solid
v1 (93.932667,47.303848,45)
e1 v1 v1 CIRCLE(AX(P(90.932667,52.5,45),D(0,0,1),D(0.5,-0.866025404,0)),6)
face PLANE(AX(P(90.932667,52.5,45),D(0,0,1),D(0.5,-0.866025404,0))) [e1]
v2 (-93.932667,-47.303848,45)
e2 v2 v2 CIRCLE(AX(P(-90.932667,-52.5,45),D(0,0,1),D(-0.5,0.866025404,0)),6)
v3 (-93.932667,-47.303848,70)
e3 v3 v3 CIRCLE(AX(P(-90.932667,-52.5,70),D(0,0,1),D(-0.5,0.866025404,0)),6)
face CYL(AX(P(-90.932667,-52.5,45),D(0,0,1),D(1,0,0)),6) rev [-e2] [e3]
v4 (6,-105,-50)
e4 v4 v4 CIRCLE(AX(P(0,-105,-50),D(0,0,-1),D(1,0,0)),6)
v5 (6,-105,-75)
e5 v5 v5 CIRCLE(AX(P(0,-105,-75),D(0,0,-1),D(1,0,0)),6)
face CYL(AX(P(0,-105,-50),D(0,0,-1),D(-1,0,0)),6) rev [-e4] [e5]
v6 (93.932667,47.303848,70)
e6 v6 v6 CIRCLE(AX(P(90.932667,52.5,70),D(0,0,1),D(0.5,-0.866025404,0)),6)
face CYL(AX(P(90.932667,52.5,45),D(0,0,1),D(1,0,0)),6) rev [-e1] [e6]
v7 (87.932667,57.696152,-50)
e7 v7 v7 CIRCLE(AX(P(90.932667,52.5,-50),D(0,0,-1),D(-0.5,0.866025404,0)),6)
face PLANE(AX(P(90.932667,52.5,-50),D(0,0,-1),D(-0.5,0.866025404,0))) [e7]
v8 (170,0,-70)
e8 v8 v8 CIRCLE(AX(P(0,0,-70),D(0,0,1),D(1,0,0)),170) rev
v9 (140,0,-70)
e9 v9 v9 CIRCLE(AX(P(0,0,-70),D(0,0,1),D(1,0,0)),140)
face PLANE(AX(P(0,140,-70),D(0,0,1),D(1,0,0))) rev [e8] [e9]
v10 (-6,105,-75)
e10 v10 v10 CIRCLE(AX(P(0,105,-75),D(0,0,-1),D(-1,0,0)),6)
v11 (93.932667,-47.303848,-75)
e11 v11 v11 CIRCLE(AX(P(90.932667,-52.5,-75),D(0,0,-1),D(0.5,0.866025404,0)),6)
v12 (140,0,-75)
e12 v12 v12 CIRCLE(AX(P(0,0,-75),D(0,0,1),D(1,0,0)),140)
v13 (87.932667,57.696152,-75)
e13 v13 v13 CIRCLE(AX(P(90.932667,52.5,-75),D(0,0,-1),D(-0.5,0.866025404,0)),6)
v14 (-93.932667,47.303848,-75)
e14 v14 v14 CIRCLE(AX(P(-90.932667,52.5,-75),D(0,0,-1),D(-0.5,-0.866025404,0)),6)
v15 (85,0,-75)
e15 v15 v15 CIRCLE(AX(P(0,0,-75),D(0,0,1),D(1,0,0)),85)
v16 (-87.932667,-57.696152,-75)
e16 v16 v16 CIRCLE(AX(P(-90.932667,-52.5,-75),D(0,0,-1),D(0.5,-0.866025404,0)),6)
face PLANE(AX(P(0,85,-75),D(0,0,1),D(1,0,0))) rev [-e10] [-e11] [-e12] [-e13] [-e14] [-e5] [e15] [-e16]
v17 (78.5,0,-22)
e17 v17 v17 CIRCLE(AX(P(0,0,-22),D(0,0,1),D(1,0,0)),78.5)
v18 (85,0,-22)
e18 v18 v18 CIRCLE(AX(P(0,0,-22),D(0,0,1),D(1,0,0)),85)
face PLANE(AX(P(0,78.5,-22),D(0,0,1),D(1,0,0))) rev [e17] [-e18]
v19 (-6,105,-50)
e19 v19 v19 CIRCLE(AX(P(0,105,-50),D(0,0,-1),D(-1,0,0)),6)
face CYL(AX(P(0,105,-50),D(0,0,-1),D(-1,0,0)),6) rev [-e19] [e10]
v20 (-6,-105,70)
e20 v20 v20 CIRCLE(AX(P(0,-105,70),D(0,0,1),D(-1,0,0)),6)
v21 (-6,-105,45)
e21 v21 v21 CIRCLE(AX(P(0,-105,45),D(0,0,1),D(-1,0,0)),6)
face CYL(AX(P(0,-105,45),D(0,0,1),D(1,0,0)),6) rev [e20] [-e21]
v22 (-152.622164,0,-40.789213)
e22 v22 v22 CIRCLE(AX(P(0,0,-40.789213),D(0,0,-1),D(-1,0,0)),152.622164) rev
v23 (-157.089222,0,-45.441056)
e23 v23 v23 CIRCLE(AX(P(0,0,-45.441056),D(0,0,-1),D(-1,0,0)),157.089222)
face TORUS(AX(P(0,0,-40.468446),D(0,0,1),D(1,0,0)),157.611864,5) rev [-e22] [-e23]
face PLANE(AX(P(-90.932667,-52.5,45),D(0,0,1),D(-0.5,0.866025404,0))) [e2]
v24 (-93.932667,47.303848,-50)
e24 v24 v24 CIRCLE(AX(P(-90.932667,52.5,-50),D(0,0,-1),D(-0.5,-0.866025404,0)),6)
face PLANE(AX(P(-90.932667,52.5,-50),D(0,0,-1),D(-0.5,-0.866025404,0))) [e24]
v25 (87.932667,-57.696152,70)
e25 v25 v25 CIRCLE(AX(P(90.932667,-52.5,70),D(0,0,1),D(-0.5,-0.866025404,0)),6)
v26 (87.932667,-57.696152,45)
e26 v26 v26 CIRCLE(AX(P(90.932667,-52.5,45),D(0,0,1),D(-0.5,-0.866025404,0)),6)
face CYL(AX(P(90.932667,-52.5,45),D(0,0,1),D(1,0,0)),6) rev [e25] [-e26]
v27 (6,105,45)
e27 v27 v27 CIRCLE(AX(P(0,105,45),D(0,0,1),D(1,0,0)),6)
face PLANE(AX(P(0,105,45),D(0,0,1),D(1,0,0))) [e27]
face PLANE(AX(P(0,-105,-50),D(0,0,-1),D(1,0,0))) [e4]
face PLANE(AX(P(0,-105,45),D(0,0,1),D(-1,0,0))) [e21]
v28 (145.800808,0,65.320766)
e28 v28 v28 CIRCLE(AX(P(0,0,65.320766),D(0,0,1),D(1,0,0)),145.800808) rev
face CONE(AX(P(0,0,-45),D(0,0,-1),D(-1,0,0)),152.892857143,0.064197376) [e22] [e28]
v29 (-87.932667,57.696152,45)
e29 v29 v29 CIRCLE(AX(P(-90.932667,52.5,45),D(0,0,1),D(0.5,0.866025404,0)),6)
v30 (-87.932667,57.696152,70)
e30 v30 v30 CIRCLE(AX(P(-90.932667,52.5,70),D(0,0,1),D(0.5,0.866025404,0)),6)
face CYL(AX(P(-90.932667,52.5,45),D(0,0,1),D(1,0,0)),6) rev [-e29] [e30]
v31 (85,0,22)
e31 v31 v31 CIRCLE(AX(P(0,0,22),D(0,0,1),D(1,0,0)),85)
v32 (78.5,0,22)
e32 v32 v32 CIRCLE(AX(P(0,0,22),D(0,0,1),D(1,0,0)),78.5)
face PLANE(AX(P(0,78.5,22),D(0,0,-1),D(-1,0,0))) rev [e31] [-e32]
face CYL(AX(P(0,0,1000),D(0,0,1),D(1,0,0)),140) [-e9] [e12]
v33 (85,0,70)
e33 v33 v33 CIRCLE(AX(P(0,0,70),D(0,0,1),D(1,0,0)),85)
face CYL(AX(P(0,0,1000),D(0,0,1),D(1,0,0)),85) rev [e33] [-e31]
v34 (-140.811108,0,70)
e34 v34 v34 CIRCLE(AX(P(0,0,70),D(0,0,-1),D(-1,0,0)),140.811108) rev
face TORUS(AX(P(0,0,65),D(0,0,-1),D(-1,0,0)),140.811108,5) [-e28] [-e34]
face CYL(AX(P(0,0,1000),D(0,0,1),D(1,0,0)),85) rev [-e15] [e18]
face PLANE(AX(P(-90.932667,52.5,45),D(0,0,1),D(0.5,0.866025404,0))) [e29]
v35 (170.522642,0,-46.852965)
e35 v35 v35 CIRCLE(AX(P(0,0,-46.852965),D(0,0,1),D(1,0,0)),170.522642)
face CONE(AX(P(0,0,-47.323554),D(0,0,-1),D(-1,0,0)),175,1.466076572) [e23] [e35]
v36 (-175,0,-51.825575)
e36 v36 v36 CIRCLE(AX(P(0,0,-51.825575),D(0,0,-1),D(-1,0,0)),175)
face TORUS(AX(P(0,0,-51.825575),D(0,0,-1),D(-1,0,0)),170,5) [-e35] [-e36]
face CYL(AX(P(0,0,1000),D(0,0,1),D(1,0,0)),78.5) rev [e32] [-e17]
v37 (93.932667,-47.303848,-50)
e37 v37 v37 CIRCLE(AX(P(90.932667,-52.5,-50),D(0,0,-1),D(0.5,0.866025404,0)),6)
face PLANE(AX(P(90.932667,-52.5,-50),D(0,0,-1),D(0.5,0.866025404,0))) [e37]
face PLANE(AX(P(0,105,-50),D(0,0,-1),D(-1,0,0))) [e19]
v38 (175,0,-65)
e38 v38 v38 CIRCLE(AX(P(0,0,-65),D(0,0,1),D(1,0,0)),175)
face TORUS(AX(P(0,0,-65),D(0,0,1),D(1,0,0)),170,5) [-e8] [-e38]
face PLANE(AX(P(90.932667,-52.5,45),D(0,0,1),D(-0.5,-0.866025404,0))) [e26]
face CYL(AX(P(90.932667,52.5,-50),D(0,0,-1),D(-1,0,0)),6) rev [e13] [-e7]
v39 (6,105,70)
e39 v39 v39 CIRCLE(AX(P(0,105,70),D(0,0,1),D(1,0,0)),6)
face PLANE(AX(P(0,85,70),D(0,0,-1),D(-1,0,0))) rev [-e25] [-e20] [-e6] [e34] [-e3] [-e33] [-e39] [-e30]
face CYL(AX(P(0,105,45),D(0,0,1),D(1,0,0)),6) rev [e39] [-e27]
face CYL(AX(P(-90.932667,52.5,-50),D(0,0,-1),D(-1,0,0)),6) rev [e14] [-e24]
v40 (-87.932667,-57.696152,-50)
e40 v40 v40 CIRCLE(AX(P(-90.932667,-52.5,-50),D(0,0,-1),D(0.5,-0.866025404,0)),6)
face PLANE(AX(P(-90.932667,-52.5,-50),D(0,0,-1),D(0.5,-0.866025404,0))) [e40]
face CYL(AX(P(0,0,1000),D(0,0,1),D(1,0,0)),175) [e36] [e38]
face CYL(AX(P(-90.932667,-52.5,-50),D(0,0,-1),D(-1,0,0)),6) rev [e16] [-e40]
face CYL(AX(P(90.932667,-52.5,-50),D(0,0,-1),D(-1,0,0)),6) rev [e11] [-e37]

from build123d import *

# Parameters (mm, degrees)
FILLET_1_R               = 5
SKETCH_2_R               = 6
CUT_EXTRUDE_1_DEPTH      = 25
PATTERN_CIRCULAR_1_COUNT = 6
CUT_EXTRUDE_START        = -25
SKETCH_3_R               = 6
CUT_EXTRUDE_2_DEPTH      = 25
PATTERN_CIRCULAR_2_COUNT = 6


with BuildPart() as part:
    # 草图1 → 旋转1 (revolve)
    with BuildSketch(Plane(origin=(0, 0, 0), x_dir=(0, 0, -1), z_dir=(1, 0, 0)), mode=Mode.PRIVATE) as revolve_1_sk:
        Polygon((-22, 78.5), (22, 78.5), (22, 85), (75, 85), (75, 140), (70, 140), (70, 175), (47.323554344, 175), (45, 152.892857143), (-70, 145.5), (-70, 85), (-22, 85), align=None)
    revolve(revolve_1_sk.sketch.rotate(Axis((0, 0, 1000), (0, 0, -1)), 90), axis=Axis((0, 0, 1000), (0, 0, -1)))

    # 圆角1
    fillet_1_edges = [part.edges().sort_by_distance(p)[0] for p in [
        (-175, 0, -47.323554344),
        (-175, 0, -70),
        (-145.5, 0, 70),
        (-152.892857143, 0, -45),
    ]]
    fillet(fillet_1_edges, radius=FILLET_1_R)

    # 草图2 → 切除-拉伸1 (cut)
    with BuildSketch(Plane(origin=(0, 0, -75), x_dir=(-1, 0, 0), z_dir=(0, 0, -1))):
        with Locations((0, 105)):
            Circle(SKETCH_2_R)
    cut_extrude_1 = extrude(amount=-CUT_EXTRUDE_1_DEPTH, mode=Mode.SUBTRACT)

    # 阵列(圆周)1: 切除-拉伸1 ×6 about axis
    pattern_circular_1_axis = Axis((0, 0, 0), (0, 0, 1))
    for i in range(1, PATTERN_CIRCULAR_1_COUNT):
        add(cut_extrude_1.rotate(pattern_circular_1_axis, i * 360 / PATTERN_CIRCULAR_1_COUNT), mode=Mode.SUBTRACT)

    # 草图3 → 切除-拉伸2 (cut)
    with BuildSketch(Plane.XY.offset(70).offset(CUT_EXTRUDE_START)):
        with Locations(Location((0, 105, 0), (0, 0, 180))):
            Circle(SKETCH_3_R)
    cut_extrude_2 = extrude(amount=CUT_EXTRUDE_2_DEPTH, mode=Mode.SUBTRACT)

    # 阵列(圆周)2: 切除-拉伸2 ×6 about axis
    pattern_circular_2_axis = Axis((0, 0, 0), (0, 0, 1))
    for i in range(1, PATTERN_CIRCULAR_2_COUNT):
        add(cut_extrude_2.rotate(pattern_circular_2_axis, i * 360 / PATTERN_CIRCULAR_2_COUNT), mode=Mode.SUBTRACT)


solid = part.part
